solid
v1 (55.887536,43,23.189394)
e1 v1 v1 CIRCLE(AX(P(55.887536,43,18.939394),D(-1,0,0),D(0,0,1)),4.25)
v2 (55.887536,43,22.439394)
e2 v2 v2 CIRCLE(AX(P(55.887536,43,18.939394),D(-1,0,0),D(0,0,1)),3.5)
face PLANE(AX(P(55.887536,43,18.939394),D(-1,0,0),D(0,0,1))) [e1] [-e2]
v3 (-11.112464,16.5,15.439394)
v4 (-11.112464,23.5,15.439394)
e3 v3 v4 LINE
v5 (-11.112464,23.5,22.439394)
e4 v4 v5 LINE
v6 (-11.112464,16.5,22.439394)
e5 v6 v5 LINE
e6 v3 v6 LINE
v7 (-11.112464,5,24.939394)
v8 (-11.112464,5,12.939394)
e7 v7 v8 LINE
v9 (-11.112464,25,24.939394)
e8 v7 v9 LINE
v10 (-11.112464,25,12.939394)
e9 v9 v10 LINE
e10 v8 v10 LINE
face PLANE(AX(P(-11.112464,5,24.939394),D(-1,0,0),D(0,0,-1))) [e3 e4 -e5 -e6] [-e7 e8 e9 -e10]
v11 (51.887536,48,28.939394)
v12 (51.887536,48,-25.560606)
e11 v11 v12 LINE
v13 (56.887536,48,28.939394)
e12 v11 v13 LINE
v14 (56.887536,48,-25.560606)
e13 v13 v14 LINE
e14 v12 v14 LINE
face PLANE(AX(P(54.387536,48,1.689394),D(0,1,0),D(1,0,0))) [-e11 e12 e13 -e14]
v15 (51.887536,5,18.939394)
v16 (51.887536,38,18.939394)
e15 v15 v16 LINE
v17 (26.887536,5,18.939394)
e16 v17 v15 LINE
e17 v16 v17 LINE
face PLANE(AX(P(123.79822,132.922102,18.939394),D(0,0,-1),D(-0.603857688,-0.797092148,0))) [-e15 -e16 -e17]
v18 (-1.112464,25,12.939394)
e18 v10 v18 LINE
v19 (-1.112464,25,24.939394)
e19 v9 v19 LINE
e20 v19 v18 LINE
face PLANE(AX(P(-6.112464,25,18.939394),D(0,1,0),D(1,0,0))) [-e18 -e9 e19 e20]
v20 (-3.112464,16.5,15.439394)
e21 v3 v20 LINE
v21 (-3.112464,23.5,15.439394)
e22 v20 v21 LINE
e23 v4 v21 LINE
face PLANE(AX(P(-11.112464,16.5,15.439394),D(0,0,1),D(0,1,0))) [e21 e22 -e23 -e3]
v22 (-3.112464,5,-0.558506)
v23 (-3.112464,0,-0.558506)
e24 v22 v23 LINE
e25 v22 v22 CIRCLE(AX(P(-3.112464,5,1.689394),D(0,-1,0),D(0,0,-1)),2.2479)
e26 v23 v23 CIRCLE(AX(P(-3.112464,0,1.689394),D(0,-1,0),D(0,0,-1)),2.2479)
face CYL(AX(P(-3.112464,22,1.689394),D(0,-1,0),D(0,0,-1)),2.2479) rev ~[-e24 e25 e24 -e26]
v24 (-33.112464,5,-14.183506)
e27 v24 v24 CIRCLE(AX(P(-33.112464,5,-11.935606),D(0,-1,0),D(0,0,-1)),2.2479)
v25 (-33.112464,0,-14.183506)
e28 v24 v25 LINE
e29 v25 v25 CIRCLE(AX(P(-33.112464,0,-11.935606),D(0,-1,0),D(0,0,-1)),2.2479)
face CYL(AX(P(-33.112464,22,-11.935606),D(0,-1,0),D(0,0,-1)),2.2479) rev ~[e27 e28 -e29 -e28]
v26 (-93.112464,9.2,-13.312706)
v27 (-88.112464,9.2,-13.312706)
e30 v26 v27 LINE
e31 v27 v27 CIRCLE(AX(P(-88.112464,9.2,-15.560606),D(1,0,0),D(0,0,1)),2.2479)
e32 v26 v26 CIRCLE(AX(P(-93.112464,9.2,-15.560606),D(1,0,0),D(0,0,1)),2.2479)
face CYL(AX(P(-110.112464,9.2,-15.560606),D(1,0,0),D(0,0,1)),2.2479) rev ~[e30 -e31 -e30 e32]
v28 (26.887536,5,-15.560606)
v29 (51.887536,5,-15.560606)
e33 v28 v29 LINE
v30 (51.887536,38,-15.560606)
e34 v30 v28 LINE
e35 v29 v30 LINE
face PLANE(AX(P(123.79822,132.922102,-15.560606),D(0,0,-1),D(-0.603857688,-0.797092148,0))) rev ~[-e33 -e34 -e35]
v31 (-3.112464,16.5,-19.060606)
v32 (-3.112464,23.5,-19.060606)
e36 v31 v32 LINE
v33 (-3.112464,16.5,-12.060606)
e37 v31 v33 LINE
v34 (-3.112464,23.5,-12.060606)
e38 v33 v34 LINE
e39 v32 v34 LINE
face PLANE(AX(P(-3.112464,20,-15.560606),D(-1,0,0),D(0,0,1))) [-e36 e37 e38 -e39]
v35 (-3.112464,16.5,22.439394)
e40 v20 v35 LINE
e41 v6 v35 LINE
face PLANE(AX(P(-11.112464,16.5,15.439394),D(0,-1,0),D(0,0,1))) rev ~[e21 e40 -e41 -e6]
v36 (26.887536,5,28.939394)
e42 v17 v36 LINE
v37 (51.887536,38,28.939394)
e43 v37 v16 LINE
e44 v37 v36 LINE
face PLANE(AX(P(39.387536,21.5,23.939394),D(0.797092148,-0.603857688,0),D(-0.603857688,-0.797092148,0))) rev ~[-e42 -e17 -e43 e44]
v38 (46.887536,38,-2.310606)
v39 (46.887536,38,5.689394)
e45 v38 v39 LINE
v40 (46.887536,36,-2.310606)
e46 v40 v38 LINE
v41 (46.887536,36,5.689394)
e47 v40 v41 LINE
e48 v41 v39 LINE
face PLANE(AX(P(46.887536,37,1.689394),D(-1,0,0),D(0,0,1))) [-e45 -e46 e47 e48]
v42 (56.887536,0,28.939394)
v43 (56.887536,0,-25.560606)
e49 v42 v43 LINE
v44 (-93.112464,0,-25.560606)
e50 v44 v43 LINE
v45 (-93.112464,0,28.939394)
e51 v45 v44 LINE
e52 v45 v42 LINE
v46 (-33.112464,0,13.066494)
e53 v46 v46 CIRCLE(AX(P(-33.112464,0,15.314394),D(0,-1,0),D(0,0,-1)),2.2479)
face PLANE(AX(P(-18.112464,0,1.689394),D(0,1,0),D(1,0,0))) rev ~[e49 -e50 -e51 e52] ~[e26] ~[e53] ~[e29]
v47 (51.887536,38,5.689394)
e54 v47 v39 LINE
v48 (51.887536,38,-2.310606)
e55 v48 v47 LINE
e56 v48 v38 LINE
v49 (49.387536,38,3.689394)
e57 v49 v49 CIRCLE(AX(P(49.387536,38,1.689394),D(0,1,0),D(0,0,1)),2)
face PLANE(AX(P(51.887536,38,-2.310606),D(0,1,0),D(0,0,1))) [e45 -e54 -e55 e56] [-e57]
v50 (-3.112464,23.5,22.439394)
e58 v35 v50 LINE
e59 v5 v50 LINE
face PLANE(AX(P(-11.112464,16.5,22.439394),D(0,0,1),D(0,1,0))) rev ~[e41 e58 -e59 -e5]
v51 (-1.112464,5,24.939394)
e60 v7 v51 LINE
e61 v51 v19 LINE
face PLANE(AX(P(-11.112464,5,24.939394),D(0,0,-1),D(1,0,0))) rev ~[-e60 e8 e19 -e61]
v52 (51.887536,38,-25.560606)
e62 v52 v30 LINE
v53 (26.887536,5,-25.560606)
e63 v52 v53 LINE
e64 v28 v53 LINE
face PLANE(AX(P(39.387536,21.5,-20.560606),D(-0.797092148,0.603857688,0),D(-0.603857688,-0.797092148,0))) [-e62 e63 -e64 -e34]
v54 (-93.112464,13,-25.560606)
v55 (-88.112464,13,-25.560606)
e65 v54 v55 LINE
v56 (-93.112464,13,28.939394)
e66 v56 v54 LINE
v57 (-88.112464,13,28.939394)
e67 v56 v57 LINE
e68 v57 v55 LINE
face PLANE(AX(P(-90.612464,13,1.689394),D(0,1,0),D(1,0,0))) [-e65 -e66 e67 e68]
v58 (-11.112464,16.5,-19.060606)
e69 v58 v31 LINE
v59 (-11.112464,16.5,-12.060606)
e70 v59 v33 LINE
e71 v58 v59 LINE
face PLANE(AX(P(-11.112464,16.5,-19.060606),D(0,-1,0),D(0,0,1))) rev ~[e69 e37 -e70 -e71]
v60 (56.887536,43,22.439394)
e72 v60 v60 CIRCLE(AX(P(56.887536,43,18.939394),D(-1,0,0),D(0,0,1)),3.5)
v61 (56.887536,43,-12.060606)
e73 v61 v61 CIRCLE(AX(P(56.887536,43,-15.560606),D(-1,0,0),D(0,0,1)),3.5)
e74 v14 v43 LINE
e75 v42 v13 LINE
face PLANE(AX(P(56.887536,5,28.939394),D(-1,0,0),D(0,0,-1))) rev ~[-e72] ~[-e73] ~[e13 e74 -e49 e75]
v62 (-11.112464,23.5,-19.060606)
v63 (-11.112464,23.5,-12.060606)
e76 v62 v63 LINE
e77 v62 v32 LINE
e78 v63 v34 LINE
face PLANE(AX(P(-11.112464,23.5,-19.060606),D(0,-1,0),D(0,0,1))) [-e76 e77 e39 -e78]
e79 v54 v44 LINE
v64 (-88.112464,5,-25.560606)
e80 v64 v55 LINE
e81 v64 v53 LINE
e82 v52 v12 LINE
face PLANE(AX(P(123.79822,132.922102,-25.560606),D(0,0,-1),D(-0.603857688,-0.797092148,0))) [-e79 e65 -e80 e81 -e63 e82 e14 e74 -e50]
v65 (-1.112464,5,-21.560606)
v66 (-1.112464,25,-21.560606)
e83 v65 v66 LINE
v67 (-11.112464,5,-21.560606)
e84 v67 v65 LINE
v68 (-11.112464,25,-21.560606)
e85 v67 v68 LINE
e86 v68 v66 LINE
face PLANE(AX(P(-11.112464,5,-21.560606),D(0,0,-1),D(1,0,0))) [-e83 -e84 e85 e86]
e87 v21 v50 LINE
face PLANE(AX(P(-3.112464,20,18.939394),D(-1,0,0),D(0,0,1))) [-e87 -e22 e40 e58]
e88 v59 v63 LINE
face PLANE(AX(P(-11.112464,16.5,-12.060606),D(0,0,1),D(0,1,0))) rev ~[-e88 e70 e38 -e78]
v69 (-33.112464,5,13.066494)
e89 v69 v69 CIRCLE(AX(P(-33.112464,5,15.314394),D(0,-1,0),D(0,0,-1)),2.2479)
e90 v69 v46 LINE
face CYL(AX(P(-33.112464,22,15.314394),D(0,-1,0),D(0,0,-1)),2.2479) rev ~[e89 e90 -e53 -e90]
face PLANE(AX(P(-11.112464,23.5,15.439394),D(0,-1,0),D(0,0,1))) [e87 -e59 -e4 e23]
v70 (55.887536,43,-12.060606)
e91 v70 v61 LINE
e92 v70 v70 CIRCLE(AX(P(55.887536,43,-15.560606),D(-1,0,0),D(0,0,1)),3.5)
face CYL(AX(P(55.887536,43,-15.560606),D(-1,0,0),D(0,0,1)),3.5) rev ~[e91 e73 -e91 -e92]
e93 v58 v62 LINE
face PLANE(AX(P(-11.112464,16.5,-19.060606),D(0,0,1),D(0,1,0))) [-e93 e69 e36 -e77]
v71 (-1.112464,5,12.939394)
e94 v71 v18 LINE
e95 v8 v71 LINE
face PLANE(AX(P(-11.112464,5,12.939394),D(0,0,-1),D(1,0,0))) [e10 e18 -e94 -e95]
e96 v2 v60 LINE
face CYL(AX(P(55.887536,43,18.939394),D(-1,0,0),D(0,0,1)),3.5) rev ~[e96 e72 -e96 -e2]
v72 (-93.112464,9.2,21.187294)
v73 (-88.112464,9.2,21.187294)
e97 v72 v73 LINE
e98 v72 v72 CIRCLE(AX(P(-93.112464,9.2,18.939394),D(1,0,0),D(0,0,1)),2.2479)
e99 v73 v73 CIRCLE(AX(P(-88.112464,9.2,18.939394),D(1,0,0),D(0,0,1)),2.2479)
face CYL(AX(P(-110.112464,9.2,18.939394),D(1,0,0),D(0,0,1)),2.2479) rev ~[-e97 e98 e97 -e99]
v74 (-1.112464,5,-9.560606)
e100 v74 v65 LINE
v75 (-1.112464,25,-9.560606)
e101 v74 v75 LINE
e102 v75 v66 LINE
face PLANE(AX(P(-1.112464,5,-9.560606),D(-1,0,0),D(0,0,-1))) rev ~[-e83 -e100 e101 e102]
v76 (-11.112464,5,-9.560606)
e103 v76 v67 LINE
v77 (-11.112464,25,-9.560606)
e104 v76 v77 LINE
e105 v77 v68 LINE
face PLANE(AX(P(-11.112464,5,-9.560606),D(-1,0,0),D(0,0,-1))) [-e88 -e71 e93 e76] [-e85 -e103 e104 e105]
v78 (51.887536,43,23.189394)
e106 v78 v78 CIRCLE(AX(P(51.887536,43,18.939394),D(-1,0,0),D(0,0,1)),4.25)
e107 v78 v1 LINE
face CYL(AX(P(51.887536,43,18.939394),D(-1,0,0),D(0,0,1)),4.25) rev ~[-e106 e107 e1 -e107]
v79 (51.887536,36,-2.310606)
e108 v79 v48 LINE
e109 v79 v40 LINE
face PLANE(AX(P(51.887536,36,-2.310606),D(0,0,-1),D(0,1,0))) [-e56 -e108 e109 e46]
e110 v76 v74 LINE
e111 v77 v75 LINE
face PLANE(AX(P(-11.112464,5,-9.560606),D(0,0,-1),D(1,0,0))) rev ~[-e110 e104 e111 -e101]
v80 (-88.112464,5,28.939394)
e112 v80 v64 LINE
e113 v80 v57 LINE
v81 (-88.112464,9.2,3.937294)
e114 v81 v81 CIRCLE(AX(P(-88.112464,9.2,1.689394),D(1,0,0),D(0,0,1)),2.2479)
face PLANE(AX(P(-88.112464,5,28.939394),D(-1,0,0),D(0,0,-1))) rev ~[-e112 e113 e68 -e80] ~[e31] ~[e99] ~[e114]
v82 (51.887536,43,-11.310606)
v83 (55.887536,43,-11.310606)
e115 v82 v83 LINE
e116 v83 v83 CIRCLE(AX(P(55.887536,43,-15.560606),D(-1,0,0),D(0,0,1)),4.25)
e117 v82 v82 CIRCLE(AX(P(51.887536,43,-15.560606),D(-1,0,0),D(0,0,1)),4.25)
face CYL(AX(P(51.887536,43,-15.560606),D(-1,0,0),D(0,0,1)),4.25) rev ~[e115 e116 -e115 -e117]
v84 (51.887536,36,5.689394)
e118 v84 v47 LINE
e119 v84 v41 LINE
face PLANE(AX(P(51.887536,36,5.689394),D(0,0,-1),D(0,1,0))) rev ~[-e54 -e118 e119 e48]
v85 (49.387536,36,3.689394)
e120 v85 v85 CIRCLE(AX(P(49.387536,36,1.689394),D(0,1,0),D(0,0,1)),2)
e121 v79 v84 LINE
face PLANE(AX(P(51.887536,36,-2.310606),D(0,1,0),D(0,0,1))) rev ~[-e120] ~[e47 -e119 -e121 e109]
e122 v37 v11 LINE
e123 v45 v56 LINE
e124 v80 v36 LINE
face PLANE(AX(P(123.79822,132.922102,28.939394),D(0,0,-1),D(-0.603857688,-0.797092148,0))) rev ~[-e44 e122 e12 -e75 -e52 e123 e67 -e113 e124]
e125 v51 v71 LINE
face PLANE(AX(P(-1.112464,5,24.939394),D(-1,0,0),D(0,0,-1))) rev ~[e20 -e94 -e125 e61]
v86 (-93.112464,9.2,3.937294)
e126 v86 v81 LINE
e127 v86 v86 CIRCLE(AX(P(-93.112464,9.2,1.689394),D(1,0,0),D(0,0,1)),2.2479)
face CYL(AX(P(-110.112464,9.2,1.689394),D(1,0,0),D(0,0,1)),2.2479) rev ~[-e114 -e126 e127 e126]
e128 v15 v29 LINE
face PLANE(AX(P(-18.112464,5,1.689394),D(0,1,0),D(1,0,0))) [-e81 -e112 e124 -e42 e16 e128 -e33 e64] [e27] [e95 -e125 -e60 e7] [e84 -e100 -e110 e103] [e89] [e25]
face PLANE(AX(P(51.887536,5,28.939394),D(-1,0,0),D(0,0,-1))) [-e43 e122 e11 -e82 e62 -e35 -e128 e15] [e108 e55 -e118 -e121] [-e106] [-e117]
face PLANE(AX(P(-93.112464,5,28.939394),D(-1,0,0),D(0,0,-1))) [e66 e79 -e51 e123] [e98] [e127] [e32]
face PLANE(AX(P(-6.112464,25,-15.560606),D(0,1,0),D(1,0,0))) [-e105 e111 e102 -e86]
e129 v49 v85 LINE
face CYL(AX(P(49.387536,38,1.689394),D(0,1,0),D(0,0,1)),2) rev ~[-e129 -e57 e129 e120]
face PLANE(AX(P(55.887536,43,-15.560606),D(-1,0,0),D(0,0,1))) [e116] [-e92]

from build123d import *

# Parameters (mm, degrees)
SKETCH1_W                 = 150
SKETCH1_H                 = 54.5
BOSS_EXTRUDE1_DEPTH       = 5
SKETCH2_W                 = 5
SKETCH2_H                 = 54.5
BOSS_EXTRUDE2_DEPTH       = 8
F_8_CLEARANCE_HOLE1_D     = 4.4958
F_8_CLEARANCE_HOLE1_DEPTH = 17
F_8_CLEARANCE_HOLE1_TIP   = 1.350674586
SKETCH7_W                 = 5
SKETCH7_H                 = 54.5
BOSS_EXTRUDE3_DEPTH       = 43
SKETCH8_R                 = 4.25
CUT_EXTRUDE1_DEPTH        = 4
RIB1_REACH                = 120.085
SKETCH10_WALL_W           = 279.571445908
SKETCH10_WALL_H           = 10
RIB3_REACH                = 120.085
SKETCH12_WALL_W           = 279.571445908
SKETCH12_WALL_H           = 10
SKETCH13_W                = 8
SKETCH13_H                = 2
BOSS_EXTRUDE4_DEPTH       = 5
SKETCH14_R                = 2
CUT_EXTRUDE2_DEPTH        = 2
SKETCH15_R                = 3.5
CUT_EXTRUDE3_DEPTH        = 1
F_8_CLEARANCE_HOLE2_D     = 4.4958
F_8_CLEARANCE_HOLE2_DEPTH = 17
F_8_CLEARANCE_HOLE2_TIP   = 1.350674586
SKETCH16_W                = 10
SKETCH16_H                = 12
BOSS_EXTRUDE5_DEPTH       = 20
SKETCH18_W                = 7
SKETCH18_H                = 7
CUT_EXTRUDE4_DEPTH        = 8


with BuildPart() as part:
    # Sketch1 → Boss-Extrude1 (new body)
    with BuildSketch(Plane(origin=(0, 0, 0), x_dir=(1, 0, 0), z_dir=(0, 1, 0))):
        with Locations((-18.112463826, -1.689393939)):
            Rectangle(SKETCH1_W, SKETCH1_H)
    extrude(amount=BOSS_EXTRUDE1_DEPTH)

    # Sketch2 → Boss-Extrude2 (add)
    with BuildSketch(Plane(origin=(0, 5, 0), x_dir=(1, 0, 0), z_dir=(0, 1, 0))):
        with Locations((-90.612463826, -1.689393939)):
            Rectangle(SKETCH2_W, SKETCH2_H)
    extrude(amount=BOSS_EXTRUDE2_DEPTH)

    # #8 Clearance Hole1
    with Locations(Plane(origin=(-93.112463826, 9.2, -15.560606061), x_dir=(0, 0, -1), z_dir=(-1, 0, 0))):
        with Locations((0, 0), (-17.25, 0), (-34.5, 0)):
            Hole(F_8_CLEARANCE_HOLE1_D / 2, depth=F_8_CLEARANCE_HOLE1_DEPTH)
            with Locations((0, 0, -(F_8_CLEARANCE_HOLE1_DEPTH + F_8_CLEARANCE_HOLE1_TIP / 2))):  # 118° drill point
                Cone(0, F_8_CLEARANCE_HOLE1_D / 2, F_8_CLEARANCE_HOLE1_TIP, mode=Mode.SUBTRACT)

    # Sketch7 → Boss-Extrude3 (add)
    with BuildSketch(Plane(origin=(0, 5, 0), x_dir=(1, 0, 0), z_dir=(0, 1, 0))):
        with Locations((54.387536174, -1.689393939)):
            Rectangle(SKETCH7_W, SKETCH7_H)
    extrude(amount=BOSS_EXTRUDE3_DEPTH)

    # Sketch8 → Cut-Extrude1 (cut)
    with BuildSketch(Plane.ZY.offset(-51.887536174)):
        with Locations((-15.560606061, 43)):
            Circle(SKETCH8_R)
        with Locations((18.939393939, 43)):
            Circle(SKETCH8_R)
    extrude(amount=-CUT_EXTRUDE1_DEPTH, mode=Mode.SUBTRACT)

    # Sketch10 wall → Rib1 (add, up to next)
    with BuildSketch(Plane(origin=(39.387536174, 21.5, -25.560606061), x_dir=(-0.603857687995, -0.797092148154, 0), z_dir=(-0.797092148154, 0.603857687995, 0)), mode=Mode.PRIVATE) as rib1_sk1:
        with Locations((0, 5)):
            Rectangle(SKETCH10_WALL_W, SKETCH10_WALL_H)
    rib1_tool1 = extrude(rib1_sk1.sketch, amount=-RIB1_REACH, mode=Mode.PRIVATE) - part.part
    add(rib1_tool1.solids().sort_by_distance((39.387536174, 21.5, -25.560606061))[0])

    # Sketch12 wall → Rib3 (add, up to next)
    with BuildSketch(Plane(origin=(39.387536174, 21.5, 28.939393939), x_dir=(-0.603857687995, -0.797092148154, 0), z_dir=(0.797092148154, -0.603857687995, 0)), mode=Mode.PRIVATE) as rib3_sk1:
        with Locations((0, 5)):
            Rectangle(SKETCH12_WALL_W, SKETCH12_WALL_H)
    rib3_tool1 = extrude(rib3_sk1.sketch, amount=RIB3_REACH, mode=Mode.PRIVATE) - part.part
    add(rib3_tool1.solids().sort_by_distance((39.387536174, 21.5, 28.939393939))[0])

    # Sketch13 → Boss-Extrude4 (add)
    with BuildSketch(Plane.ZY.offset(-51.887536174)):
        with Locations((1.689393939, 37)):
            Rectangle(SKETCH13_W, SKETCH13_H)
    extrude(amount=BOSS_EXTRUDE4_DEPTH)

    # Sketch14 → Cut-Extrude2 (cut)
    with BuildSketch(Plane(origin=(0, 38, 0), x_dir=(1, 0, 0), z_dir=(0, 1, 0))):
        with Locations(Location((49.387536174, -1.689393939, 0), (0, 0, 270))):
            Circle(SKETCH14_R)
    extrude(amount=-CUT_EXTRUDE2_DEPTH, mode=Mode.SUBTRACT)

    # Sketch15 → Cut-Extrude3 (cut)
    with BuildSketch(Plane.ZY.offset(-55.887536174)):
        with Locations((-15.560606061, 43)):
            Circle(SKETCH15_R)
        with Locations((18.939393939, 43)):
            Circle(SKETCH15_R)
    extrude(amount=-CUT_EXTRUDE3_DEPTH, mode=Mode.SUBTRACT)

    # #8 Clearance Hole2
    with Locations(Plane(origin=(-3.112463826, 5, 1.689393939), x_dir=(0, 0, 1), z_dir=(0, 1, 0))):
        with Locations((0, 0), (13.625, -30), (-13.625, -30)):
            Hole(F_8_CLEARANCE_HOLE2_D / 2, depth=F_8_CLEARANCE_HOLE2_DEPTH)
            with Locations((0, 0, -(F_8_CLEARANCE_HOLE2_DEPTH + F_8_CLEARANCE_HOLE2_TIP / 2))):  # 118° drill point
                Cone(0, F_8_CLEARANCE_HOLE2_D / 2, F_8_CLEARANCE_HOLE2_TIP, mode=Mode.SUBTRACT)

    # Sketch16 → Boss-Extrude5 (add)
    with BuildSketch(Plane(origin=(0, 5, 0), x_dir=(1, 0, 0), z_dir=(0, 1, 0))):
        with Locations((-6.112463826, 15.560606061)):
            Rectangle(SKETCH16_W, SKETCH16_H)
        with Locations((-6.112463826, -18.939393939)):
            Rectangle(SKETCH16_W, SKETCH16_H)
    extrude(amount=BOSS_EXTRUDE5_DEPTH)

    # Sketch18 → Cut-Extrude4 (cut)
    with BuildSketch(Plane.ZY.offset(11.112463826)):
        with Locations((-15.560606061, 20)):
            Rectangle(SKETCH18_W, SKETCH18_H)
        with Locations((18.939393939, 20)):
            Rectangle(SKETCH18_W, SKETCH18_H)
    extrude(amount=-CUT_EXTRUDE4_DEPTH, mode=Mode.SUBTRACT)


solid = part.part
